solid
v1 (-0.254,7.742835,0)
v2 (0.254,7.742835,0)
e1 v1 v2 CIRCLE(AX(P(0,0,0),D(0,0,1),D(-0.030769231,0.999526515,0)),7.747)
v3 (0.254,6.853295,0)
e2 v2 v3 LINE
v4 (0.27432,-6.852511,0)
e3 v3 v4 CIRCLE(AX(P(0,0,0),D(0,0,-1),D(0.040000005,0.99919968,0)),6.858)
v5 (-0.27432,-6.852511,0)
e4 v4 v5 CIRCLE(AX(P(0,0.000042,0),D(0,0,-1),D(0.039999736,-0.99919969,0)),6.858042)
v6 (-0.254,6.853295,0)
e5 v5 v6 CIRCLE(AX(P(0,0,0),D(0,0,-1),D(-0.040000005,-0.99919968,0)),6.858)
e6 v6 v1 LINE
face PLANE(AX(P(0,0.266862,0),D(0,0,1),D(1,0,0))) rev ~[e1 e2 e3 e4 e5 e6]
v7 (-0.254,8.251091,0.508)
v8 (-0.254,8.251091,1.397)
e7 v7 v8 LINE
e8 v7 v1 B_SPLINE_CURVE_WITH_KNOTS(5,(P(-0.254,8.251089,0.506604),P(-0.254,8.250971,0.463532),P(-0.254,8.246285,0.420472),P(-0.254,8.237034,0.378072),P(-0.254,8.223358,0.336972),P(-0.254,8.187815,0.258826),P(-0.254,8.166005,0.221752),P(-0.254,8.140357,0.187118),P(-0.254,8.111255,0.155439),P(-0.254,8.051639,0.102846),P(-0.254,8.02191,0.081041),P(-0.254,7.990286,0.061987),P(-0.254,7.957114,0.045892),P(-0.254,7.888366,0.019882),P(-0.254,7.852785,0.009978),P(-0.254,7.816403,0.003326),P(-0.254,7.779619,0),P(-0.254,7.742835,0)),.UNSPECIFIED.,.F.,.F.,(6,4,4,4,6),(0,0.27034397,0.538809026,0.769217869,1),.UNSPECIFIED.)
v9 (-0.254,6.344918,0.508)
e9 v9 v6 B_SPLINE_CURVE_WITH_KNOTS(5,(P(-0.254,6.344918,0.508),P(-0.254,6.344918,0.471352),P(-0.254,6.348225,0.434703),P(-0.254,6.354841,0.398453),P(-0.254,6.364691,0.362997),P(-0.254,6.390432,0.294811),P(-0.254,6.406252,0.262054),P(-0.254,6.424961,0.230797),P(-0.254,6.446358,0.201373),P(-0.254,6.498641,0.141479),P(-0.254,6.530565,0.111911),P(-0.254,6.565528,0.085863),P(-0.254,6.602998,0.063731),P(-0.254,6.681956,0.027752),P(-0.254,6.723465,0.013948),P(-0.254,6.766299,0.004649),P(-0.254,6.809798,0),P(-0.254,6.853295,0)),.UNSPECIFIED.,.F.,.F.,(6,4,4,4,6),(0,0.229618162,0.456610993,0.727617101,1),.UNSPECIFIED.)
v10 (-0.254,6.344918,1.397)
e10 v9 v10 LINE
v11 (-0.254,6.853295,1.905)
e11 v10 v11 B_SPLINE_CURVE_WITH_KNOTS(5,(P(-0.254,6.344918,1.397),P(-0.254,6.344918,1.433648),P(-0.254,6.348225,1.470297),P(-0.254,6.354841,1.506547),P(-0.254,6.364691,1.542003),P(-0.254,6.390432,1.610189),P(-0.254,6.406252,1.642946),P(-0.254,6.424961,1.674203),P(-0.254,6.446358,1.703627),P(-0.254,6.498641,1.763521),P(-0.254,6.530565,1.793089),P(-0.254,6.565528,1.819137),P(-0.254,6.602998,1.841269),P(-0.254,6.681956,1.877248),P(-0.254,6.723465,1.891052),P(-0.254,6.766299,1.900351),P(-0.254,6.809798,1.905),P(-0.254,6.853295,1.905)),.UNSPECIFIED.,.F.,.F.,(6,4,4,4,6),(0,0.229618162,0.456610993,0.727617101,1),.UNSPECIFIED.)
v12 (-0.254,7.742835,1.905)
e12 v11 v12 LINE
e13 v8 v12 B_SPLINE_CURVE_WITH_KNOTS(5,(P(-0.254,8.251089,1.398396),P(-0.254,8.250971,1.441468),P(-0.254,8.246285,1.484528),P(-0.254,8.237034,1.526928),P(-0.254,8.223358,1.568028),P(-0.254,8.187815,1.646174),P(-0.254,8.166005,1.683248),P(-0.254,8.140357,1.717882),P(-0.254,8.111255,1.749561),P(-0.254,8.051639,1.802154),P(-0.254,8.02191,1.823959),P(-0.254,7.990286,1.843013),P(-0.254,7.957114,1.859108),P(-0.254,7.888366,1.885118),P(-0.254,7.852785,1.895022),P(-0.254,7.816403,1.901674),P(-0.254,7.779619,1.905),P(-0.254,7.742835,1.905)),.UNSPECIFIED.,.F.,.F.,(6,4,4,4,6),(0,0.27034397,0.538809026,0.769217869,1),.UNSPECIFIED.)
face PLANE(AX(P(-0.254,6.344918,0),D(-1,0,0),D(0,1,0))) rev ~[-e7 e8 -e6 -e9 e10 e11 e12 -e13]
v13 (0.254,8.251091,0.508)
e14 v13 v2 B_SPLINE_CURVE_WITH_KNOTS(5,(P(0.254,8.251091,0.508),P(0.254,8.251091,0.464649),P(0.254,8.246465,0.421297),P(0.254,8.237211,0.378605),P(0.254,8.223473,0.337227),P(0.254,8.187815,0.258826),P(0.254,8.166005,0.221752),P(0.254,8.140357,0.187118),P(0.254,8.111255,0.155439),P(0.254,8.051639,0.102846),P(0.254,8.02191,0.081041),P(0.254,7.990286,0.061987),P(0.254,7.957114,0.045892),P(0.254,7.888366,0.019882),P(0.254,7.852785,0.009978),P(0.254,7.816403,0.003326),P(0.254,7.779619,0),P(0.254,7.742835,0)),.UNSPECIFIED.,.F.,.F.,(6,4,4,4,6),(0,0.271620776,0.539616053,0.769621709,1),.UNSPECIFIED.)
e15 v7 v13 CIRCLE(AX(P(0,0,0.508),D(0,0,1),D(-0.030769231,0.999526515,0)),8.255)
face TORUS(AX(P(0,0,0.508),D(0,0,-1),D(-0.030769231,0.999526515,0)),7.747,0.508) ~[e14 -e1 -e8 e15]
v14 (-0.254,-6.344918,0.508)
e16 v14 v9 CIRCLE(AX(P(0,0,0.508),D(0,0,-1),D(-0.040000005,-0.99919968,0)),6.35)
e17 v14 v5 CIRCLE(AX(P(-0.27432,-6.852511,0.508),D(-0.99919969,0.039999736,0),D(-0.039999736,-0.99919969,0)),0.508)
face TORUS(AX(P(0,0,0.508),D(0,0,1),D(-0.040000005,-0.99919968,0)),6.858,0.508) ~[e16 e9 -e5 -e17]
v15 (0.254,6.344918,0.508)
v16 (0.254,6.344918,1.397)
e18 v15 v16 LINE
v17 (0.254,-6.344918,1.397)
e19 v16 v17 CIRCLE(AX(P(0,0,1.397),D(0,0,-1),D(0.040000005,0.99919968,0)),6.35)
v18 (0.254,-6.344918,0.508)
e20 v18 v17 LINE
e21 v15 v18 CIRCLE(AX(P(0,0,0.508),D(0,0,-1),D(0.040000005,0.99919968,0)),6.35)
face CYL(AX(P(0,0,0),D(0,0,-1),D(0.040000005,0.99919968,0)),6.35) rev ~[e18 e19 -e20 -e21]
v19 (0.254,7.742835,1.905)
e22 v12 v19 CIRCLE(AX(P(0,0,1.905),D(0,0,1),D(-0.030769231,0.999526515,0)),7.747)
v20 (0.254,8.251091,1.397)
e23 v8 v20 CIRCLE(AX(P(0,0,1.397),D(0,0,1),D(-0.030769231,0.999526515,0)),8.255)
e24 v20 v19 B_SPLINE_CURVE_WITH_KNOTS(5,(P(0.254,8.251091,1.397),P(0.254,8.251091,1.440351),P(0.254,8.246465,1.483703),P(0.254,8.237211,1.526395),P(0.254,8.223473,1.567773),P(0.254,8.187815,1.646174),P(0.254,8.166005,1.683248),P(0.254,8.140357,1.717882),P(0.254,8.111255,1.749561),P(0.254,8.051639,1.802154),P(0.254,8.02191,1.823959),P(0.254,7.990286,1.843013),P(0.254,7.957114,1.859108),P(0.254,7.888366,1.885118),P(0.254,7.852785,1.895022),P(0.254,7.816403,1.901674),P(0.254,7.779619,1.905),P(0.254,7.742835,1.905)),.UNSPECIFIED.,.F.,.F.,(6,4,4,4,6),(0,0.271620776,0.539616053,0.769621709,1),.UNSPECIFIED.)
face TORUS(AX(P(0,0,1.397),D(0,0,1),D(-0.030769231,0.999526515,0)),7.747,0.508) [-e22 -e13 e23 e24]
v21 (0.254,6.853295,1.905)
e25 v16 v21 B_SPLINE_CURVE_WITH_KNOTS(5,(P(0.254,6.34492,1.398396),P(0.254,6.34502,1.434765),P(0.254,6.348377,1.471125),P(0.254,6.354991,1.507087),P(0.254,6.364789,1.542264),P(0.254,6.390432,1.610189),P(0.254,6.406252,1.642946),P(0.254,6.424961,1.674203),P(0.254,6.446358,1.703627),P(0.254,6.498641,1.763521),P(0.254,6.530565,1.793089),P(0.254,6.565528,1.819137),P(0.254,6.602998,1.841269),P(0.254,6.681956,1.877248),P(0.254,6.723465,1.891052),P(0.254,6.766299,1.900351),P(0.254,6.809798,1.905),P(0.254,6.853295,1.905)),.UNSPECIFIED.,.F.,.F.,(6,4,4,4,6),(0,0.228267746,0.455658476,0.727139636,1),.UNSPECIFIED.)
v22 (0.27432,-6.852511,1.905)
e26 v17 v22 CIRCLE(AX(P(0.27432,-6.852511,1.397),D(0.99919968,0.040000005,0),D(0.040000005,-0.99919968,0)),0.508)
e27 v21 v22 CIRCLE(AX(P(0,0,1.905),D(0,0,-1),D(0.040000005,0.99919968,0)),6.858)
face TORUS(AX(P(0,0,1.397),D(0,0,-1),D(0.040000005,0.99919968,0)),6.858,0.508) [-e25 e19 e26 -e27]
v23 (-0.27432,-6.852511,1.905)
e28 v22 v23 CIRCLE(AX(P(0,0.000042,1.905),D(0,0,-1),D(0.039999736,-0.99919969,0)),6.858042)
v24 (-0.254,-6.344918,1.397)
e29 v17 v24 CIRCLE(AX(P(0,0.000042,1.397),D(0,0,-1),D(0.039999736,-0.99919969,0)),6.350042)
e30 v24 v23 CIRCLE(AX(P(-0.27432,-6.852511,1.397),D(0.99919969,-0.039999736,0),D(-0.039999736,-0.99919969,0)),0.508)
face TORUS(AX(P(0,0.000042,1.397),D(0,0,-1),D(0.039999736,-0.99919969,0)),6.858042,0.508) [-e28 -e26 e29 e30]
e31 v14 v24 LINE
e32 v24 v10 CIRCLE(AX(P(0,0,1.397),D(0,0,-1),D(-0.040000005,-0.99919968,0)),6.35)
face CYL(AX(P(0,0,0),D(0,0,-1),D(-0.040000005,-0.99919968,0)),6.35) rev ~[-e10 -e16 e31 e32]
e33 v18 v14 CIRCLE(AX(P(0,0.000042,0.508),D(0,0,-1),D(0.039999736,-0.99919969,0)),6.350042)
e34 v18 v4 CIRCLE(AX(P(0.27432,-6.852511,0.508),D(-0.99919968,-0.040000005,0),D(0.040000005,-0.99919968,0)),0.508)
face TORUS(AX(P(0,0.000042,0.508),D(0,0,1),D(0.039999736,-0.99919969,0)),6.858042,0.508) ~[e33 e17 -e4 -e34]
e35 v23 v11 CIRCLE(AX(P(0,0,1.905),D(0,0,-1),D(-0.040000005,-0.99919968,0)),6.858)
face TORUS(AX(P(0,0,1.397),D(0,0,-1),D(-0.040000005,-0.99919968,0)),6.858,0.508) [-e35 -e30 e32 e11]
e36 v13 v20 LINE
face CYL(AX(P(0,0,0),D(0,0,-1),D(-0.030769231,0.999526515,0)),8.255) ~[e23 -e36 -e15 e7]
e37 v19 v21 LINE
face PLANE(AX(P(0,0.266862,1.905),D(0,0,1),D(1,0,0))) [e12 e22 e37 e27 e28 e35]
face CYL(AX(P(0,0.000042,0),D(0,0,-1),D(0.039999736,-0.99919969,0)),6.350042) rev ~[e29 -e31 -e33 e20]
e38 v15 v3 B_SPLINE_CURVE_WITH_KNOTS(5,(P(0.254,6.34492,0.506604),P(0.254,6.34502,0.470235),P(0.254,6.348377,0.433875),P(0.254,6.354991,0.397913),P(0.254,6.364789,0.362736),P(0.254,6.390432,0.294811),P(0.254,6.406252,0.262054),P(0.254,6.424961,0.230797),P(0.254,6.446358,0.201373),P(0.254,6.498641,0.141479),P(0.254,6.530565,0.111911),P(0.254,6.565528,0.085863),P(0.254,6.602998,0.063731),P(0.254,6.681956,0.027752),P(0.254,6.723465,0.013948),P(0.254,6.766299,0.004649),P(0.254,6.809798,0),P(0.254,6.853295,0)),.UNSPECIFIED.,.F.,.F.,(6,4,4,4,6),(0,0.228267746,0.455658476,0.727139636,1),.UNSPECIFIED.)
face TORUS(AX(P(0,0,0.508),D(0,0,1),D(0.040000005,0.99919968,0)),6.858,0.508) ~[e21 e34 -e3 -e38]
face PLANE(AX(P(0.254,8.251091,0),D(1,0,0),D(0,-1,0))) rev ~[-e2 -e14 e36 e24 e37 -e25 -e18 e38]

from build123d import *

# Parameters (mm, degrees)
F1_DEPTH = 1.905
F2_R     = 0.508


with BuildPart() as f1:
    # F0 (on Top) → F1 (new body)
    with BuildSketch(Plane.XY):
        with BuildLine():
            ThreePointArc((-0.254, -6.344918), (-6.35, 0), (-0.254, 6.344918))
            Line((-0.254, 6.344918), (-0.254, 8.251091))
            ThreePointArc((-0.254, 8.251091), (0, -8.255), (0.254, 8.251091))
            Line((0.254, 8.251091), (0.254, 6.344918))
            ThreePointArc((0.254, 6.344918), (6.35, 0), (0.254, -6.344918))
            ThreePointArc((0.254, -6.344918), (0, -6.35), (-0.254, -6.344918))
        make_face()
    extrude(amount=F1_DEPTH)

    # F2
    f2_edges = [f1.edges().sort_by_distance(p)[0] for p in [
        (0, -8.255, 1.905),
        (6.344918, -0.254, 0),
        (6.344918, -0.254, 1.905),
        (0, -8.255, 0),
    ]]
    fillet(f2_edges, radius=F2_R)


solid = f1.part
